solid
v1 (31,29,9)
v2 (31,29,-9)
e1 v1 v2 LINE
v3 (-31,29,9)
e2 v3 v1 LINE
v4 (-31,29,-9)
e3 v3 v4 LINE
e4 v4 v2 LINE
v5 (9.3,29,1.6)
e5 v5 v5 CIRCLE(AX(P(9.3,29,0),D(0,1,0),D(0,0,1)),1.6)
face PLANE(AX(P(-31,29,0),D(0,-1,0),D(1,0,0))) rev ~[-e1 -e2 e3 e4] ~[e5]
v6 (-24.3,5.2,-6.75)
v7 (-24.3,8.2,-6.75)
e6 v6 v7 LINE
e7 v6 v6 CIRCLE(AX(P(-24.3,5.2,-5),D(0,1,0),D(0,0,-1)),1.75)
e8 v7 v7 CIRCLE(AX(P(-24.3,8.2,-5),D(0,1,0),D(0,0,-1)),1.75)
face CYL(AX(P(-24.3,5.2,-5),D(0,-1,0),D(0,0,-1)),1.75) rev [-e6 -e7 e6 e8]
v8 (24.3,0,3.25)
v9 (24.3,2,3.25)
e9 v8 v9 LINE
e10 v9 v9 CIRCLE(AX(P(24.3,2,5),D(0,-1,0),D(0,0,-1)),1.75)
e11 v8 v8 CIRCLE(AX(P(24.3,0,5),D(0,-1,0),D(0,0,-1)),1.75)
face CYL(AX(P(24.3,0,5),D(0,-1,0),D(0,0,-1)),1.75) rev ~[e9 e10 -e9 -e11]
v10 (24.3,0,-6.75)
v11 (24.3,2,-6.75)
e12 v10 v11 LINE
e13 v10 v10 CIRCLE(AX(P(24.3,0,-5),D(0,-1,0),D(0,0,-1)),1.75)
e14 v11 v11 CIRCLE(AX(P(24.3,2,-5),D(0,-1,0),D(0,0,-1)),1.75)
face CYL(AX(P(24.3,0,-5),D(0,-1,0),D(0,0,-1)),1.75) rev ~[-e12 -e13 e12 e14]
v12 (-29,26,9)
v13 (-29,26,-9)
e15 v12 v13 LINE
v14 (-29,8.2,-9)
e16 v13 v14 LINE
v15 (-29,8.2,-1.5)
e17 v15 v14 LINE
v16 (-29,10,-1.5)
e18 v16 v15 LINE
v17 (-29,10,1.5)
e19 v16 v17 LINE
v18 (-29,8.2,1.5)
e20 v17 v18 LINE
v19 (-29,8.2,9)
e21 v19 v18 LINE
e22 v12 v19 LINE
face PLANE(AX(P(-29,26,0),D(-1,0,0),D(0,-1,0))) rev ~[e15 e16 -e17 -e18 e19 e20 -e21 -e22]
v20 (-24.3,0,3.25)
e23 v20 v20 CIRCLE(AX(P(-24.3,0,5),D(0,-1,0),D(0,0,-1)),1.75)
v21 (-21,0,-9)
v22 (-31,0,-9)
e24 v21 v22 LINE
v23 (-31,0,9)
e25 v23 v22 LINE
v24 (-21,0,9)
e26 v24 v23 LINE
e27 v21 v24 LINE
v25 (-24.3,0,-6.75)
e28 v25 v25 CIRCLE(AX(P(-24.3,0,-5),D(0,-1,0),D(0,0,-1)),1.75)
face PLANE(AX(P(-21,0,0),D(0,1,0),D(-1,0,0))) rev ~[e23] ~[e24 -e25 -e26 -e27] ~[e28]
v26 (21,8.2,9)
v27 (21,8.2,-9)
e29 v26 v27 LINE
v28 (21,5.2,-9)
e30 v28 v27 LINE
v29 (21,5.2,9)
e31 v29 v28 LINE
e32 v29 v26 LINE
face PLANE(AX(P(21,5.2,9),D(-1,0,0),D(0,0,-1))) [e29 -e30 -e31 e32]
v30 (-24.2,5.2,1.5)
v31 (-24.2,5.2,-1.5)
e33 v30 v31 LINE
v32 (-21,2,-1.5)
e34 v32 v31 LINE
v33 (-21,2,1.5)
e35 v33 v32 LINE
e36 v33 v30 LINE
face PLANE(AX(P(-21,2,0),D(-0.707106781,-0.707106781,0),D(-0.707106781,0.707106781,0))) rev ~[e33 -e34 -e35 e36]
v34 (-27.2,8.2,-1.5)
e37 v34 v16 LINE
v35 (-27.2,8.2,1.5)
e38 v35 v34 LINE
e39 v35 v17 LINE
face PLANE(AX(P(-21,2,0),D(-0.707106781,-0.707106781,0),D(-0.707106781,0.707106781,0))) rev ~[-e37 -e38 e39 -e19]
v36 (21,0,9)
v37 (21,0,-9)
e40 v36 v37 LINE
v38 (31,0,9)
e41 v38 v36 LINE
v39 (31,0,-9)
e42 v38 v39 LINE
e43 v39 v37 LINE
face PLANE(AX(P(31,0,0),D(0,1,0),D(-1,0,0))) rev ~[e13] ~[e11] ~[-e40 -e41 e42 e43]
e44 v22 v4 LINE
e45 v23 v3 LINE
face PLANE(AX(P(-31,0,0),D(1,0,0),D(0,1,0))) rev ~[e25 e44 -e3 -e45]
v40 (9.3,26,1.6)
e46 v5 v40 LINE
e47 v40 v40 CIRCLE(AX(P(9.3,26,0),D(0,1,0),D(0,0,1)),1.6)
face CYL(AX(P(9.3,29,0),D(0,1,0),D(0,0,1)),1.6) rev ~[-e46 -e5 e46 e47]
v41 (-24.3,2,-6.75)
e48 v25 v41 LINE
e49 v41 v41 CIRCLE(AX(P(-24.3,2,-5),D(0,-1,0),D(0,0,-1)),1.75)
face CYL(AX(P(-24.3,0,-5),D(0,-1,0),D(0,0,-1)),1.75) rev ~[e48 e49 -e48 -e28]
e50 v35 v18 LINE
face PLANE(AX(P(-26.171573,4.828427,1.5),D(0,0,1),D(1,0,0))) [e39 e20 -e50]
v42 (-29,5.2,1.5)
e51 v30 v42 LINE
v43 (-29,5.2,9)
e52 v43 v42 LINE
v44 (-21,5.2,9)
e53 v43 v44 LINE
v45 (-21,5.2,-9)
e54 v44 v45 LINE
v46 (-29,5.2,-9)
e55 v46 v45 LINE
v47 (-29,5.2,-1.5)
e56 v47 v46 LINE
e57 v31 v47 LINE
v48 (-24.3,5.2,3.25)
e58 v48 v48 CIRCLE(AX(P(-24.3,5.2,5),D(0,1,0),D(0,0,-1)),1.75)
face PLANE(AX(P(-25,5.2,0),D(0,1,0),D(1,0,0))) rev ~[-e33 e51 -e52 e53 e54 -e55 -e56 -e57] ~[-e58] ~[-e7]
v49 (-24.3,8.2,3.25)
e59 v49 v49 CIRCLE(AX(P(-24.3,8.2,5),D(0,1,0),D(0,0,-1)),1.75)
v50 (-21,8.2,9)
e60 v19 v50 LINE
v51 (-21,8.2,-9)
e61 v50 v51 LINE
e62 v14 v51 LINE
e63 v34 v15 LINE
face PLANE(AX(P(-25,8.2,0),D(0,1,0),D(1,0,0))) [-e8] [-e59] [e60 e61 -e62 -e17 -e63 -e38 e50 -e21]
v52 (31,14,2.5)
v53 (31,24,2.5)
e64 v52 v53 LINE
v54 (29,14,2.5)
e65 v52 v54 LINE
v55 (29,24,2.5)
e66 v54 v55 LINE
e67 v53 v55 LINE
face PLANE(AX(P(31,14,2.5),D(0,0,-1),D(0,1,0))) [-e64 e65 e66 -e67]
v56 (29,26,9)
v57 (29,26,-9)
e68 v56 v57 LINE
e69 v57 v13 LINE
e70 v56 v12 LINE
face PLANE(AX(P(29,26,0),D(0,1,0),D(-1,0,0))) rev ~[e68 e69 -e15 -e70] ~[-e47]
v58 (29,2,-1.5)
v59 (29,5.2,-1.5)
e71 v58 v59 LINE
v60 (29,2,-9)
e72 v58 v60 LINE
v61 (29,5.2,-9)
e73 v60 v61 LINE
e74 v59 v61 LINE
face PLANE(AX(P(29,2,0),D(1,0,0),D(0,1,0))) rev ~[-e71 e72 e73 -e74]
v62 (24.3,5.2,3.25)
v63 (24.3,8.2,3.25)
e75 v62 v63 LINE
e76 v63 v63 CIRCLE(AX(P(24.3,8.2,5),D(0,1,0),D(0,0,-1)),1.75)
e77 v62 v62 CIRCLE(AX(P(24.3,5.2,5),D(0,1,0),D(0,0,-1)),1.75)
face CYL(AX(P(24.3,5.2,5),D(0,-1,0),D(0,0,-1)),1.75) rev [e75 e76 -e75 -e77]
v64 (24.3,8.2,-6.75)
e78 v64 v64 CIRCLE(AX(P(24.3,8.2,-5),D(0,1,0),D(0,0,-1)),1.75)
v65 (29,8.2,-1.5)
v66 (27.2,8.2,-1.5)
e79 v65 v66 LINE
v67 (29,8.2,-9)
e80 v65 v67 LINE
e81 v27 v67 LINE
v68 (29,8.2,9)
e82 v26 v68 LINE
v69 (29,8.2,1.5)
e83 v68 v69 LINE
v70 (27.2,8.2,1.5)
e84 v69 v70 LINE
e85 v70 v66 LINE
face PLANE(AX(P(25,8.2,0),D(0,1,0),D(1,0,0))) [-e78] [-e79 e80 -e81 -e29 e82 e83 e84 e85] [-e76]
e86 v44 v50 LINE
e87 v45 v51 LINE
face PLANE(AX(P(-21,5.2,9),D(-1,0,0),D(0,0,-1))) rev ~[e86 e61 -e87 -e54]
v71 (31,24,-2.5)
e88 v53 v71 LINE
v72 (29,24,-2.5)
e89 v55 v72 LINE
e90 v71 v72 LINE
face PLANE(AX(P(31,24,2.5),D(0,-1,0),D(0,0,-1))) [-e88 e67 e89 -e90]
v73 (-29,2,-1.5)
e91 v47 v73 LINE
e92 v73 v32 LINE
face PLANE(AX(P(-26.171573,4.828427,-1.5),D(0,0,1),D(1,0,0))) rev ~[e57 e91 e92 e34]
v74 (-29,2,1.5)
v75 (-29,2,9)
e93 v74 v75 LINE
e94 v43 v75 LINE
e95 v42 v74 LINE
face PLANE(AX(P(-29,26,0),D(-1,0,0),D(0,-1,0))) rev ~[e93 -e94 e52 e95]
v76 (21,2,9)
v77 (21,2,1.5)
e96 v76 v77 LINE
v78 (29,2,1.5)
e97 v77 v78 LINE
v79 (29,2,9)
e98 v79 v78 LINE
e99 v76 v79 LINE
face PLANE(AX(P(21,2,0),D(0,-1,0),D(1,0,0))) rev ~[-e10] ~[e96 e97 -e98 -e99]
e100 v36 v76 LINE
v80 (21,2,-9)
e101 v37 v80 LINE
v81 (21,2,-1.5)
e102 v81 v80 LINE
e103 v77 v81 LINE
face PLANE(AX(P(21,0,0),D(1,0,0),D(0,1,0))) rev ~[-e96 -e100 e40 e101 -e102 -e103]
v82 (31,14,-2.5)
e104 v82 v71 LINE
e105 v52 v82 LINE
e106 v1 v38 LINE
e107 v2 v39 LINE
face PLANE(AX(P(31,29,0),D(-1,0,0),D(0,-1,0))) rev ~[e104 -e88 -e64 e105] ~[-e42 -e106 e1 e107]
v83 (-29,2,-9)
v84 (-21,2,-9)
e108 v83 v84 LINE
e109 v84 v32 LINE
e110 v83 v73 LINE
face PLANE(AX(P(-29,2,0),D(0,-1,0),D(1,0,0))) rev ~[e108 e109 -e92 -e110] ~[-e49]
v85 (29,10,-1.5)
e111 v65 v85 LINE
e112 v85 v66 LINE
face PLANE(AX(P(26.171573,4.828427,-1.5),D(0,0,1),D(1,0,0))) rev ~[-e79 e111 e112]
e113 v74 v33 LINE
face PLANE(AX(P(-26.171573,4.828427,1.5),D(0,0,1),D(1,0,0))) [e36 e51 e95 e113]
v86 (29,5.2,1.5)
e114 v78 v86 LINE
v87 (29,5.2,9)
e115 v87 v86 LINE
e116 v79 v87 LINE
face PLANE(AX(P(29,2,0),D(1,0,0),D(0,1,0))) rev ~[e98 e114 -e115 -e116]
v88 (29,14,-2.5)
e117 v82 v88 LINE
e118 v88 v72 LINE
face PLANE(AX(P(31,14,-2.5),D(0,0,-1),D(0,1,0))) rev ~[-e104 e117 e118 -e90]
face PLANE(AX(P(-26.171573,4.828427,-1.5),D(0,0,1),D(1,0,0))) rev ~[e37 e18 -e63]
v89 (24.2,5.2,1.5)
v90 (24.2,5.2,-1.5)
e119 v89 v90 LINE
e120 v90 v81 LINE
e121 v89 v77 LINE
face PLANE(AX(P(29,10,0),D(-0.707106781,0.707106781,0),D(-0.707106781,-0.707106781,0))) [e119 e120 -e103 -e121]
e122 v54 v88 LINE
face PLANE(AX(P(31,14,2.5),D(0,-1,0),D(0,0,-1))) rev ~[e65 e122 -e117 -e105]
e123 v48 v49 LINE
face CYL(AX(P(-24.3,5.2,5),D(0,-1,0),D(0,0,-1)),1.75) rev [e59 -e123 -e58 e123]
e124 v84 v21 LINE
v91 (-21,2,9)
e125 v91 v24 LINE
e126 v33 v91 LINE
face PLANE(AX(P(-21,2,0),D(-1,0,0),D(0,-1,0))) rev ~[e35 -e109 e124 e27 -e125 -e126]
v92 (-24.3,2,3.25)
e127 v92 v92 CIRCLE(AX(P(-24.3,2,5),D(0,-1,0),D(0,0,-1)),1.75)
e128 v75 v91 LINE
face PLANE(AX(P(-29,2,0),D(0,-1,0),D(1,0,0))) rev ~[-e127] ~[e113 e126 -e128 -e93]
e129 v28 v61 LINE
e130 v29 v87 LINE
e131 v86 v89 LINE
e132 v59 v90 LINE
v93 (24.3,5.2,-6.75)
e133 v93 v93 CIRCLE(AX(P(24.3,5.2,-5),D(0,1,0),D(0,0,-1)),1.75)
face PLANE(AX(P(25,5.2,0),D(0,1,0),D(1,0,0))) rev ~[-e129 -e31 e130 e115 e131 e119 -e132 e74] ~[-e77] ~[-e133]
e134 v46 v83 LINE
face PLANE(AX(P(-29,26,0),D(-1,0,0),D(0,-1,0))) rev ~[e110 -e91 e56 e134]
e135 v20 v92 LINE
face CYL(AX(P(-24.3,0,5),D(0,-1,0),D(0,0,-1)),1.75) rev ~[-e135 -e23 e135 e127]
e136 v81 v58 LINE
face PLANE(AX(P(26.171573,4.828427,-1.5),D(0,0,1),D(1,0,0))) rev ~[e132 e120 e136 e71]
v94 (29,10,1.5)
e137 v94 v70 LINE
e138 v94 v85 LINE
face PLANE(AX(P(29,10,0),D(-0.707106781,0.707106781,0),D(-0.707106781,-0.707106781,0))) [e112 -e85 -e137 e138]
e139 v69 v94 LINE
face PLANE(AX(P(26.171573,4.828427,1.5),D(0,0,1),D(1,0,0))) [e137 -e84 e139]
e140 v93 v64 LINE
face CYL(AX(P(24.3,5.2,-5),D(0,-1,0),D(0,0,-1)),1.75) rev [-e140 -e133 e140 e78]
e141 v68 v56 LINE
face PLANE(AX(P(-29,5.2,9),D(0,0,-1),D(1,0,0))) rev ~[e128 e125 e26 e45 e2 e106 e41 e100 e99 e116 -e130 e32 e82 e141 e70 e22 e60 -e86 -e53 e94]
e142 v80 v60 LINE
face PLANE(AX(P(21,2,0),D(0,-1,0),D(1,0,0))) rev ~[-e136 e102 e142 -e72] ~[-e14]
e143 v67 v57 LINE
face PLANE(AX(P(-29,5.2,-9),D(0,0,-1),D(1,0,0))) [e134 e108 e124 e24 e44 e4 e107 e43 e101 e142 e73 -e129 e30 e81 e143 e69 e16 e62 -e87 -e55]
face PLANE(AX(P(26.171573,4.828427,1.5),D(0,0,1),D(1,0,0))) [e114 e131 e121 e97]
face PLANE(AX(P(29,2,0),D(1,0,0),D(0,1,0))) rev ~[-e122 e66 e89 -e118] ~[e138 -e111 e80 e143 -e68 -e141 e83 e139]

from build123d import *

# Parameters (mm, degrees)
RESSALTO_EXTRUS_O1_DEPTH = 9
ESBO_O2_R                = 1.75
CORTE_EXTRUS_O1_DEPTH    = 16
RESSALTO_EXTRUS_O3_DEPTH = 1.5
ESBO_O6_R                = 1.6
CORTE_EXTRUS_O2_DEPTH    = 3
ESBO_O7_W                = 5
ESBO_O7_H                = 10
CORTE_EXTRUS_O3_DEPTH    = 10
RESSALTO_EXTRUS_O4_START = 3.2
ESBO_O8_W                = 8
ESBO_O8_H                = 18
ESBO_O8_R                = 1.75
RESSALTO_EXTRUS_O4_DEPTH = 3


with BuildPart() as part:
    # Esboço1 → Ressalto-extrusão1 (new, symmetric)
    with BuildSketch(Plane.XY):
        Polygon((-21, 0), (-31, 0), (-31, 29), (31, 29), (31, 0), (21, 0), (21, 2), (29, 2), (29, 26), (-29, 26), (-29, 2), (-21, 2), align=None)
    extrude(amount=RESSALTO_EXTRUS_O1_DEPTH, both=True)

    # Esboço2 → Corte-extrusão1 (cut)
    with BuildSketch(Plane.XZ):
        with Locations(Location((-24.3, -5, 0), (0, 0, 270))):
            Circle(ESBO_O2_R)
        with Locations(Location((-24.3, 5, 0), (0, 0, 270))):
            Circle(ESBO_O2_R)
        with Locations(Location((24.3, 5, 0), (0, 0, 270))):
            Circle(ESBO_O2_R)
        with Locations(Location((24.3, -5, 0), (0, 0, 270))):
            Circle(ESBO_O2_R)
    extrude(amount=-CORTE_EXTRUS_O1_DEPTH, mode=Mode.SUBTRACT)

    # Esboço4 → Ressalto-extrusão3 (add, symmetric)
    with BuildSketch(Plane.XY):
        Polygon((-21, 2), (-29, 10), (-29, 2), align=None)
        Polygon((21, 2), (29, 2), (29, 10), align=None)
    extrude(amount=RESSALTO_EXTRUS_O3_DEPTH, both=True)

    # Esboço6 → Corte-extrusão2 (cut)
    with BuildSketch(Plane(origin=(0, 29, 0), x_dir=(1, 0, 0), z_dir=(0, 1, 0))):
        with Locations(Location((9.3, 0, 0), (0, 0, 270))):
            Circle(ESBO_O6_R)
    extrude(amount=-CORTE_EXTRUS_O2_DEPTH, mode=Mode.SUBTRACT)

    # Esboço7 → Corte-extrusão3 (cut)
    with BuildSketch(Plane(origin=(31, 0, 0), x_dir=(0, 0, -1), z_dir=(1, 0, 0))):
        with Locations((0, 19)):
            Rectangle(ESBO_O7_W, ESBO_O7_H)
    extrude(amount=-CORTE_EXTRUS_O3_DEPTH, mode=Mode.SUBTRACT)

    # Esboço8 → Ressalto-extrusão4 (add)
    # profile 1 of 2: a face of its own
    with BuildSketch(Plane(origin=(0, 2, 0), x_dir=(1, 0, 0), z_dir=(0, 1, 0)).offset(RESSALTO_EXTRUS_O4_START)):
        with Locations((-25, 0)):
            Rectangle(ESBO_O8_W, ESBO_O8_H)
        with Locations(Location((-24.3, -5, 0), (0, 0, 90))):
            Circle(ESBO_O8_R, mode=Mode.SUBTRACT)
        with Locations(Location((-24.3, 5, 0), (0, 0, 90))):
            Circle(ESBO_O8_R, mode=Mode.SUBTRACT)
    # profile 2 of 2: a face of its own
    with BuildSketch(Plane(origin=(0, 2, 0), x_dir=(1, 0, 0), z_dir=(0, 1, 0)).offset(RESSALTO_EXTRUS_O4_START)):
        with Locations((25, 0)):
            Rectangle(ESBO_O8_W, ESBO_O8_H)
        with Locations(Location((24.3, -5, 0), (0, 0, 90))):
            Circle(ESBO_O8_R, mode=Mode.SUBTRACT)
        with Locations(Location((24.3, 5, 0), (0, 0, 90))):
            Circle(ESBO_O8_R, mode=Mode.SUBTRACT)
    extrude(amount=RESSALTO_EXTRUS_O4_DEPTH)


solid = part.part
